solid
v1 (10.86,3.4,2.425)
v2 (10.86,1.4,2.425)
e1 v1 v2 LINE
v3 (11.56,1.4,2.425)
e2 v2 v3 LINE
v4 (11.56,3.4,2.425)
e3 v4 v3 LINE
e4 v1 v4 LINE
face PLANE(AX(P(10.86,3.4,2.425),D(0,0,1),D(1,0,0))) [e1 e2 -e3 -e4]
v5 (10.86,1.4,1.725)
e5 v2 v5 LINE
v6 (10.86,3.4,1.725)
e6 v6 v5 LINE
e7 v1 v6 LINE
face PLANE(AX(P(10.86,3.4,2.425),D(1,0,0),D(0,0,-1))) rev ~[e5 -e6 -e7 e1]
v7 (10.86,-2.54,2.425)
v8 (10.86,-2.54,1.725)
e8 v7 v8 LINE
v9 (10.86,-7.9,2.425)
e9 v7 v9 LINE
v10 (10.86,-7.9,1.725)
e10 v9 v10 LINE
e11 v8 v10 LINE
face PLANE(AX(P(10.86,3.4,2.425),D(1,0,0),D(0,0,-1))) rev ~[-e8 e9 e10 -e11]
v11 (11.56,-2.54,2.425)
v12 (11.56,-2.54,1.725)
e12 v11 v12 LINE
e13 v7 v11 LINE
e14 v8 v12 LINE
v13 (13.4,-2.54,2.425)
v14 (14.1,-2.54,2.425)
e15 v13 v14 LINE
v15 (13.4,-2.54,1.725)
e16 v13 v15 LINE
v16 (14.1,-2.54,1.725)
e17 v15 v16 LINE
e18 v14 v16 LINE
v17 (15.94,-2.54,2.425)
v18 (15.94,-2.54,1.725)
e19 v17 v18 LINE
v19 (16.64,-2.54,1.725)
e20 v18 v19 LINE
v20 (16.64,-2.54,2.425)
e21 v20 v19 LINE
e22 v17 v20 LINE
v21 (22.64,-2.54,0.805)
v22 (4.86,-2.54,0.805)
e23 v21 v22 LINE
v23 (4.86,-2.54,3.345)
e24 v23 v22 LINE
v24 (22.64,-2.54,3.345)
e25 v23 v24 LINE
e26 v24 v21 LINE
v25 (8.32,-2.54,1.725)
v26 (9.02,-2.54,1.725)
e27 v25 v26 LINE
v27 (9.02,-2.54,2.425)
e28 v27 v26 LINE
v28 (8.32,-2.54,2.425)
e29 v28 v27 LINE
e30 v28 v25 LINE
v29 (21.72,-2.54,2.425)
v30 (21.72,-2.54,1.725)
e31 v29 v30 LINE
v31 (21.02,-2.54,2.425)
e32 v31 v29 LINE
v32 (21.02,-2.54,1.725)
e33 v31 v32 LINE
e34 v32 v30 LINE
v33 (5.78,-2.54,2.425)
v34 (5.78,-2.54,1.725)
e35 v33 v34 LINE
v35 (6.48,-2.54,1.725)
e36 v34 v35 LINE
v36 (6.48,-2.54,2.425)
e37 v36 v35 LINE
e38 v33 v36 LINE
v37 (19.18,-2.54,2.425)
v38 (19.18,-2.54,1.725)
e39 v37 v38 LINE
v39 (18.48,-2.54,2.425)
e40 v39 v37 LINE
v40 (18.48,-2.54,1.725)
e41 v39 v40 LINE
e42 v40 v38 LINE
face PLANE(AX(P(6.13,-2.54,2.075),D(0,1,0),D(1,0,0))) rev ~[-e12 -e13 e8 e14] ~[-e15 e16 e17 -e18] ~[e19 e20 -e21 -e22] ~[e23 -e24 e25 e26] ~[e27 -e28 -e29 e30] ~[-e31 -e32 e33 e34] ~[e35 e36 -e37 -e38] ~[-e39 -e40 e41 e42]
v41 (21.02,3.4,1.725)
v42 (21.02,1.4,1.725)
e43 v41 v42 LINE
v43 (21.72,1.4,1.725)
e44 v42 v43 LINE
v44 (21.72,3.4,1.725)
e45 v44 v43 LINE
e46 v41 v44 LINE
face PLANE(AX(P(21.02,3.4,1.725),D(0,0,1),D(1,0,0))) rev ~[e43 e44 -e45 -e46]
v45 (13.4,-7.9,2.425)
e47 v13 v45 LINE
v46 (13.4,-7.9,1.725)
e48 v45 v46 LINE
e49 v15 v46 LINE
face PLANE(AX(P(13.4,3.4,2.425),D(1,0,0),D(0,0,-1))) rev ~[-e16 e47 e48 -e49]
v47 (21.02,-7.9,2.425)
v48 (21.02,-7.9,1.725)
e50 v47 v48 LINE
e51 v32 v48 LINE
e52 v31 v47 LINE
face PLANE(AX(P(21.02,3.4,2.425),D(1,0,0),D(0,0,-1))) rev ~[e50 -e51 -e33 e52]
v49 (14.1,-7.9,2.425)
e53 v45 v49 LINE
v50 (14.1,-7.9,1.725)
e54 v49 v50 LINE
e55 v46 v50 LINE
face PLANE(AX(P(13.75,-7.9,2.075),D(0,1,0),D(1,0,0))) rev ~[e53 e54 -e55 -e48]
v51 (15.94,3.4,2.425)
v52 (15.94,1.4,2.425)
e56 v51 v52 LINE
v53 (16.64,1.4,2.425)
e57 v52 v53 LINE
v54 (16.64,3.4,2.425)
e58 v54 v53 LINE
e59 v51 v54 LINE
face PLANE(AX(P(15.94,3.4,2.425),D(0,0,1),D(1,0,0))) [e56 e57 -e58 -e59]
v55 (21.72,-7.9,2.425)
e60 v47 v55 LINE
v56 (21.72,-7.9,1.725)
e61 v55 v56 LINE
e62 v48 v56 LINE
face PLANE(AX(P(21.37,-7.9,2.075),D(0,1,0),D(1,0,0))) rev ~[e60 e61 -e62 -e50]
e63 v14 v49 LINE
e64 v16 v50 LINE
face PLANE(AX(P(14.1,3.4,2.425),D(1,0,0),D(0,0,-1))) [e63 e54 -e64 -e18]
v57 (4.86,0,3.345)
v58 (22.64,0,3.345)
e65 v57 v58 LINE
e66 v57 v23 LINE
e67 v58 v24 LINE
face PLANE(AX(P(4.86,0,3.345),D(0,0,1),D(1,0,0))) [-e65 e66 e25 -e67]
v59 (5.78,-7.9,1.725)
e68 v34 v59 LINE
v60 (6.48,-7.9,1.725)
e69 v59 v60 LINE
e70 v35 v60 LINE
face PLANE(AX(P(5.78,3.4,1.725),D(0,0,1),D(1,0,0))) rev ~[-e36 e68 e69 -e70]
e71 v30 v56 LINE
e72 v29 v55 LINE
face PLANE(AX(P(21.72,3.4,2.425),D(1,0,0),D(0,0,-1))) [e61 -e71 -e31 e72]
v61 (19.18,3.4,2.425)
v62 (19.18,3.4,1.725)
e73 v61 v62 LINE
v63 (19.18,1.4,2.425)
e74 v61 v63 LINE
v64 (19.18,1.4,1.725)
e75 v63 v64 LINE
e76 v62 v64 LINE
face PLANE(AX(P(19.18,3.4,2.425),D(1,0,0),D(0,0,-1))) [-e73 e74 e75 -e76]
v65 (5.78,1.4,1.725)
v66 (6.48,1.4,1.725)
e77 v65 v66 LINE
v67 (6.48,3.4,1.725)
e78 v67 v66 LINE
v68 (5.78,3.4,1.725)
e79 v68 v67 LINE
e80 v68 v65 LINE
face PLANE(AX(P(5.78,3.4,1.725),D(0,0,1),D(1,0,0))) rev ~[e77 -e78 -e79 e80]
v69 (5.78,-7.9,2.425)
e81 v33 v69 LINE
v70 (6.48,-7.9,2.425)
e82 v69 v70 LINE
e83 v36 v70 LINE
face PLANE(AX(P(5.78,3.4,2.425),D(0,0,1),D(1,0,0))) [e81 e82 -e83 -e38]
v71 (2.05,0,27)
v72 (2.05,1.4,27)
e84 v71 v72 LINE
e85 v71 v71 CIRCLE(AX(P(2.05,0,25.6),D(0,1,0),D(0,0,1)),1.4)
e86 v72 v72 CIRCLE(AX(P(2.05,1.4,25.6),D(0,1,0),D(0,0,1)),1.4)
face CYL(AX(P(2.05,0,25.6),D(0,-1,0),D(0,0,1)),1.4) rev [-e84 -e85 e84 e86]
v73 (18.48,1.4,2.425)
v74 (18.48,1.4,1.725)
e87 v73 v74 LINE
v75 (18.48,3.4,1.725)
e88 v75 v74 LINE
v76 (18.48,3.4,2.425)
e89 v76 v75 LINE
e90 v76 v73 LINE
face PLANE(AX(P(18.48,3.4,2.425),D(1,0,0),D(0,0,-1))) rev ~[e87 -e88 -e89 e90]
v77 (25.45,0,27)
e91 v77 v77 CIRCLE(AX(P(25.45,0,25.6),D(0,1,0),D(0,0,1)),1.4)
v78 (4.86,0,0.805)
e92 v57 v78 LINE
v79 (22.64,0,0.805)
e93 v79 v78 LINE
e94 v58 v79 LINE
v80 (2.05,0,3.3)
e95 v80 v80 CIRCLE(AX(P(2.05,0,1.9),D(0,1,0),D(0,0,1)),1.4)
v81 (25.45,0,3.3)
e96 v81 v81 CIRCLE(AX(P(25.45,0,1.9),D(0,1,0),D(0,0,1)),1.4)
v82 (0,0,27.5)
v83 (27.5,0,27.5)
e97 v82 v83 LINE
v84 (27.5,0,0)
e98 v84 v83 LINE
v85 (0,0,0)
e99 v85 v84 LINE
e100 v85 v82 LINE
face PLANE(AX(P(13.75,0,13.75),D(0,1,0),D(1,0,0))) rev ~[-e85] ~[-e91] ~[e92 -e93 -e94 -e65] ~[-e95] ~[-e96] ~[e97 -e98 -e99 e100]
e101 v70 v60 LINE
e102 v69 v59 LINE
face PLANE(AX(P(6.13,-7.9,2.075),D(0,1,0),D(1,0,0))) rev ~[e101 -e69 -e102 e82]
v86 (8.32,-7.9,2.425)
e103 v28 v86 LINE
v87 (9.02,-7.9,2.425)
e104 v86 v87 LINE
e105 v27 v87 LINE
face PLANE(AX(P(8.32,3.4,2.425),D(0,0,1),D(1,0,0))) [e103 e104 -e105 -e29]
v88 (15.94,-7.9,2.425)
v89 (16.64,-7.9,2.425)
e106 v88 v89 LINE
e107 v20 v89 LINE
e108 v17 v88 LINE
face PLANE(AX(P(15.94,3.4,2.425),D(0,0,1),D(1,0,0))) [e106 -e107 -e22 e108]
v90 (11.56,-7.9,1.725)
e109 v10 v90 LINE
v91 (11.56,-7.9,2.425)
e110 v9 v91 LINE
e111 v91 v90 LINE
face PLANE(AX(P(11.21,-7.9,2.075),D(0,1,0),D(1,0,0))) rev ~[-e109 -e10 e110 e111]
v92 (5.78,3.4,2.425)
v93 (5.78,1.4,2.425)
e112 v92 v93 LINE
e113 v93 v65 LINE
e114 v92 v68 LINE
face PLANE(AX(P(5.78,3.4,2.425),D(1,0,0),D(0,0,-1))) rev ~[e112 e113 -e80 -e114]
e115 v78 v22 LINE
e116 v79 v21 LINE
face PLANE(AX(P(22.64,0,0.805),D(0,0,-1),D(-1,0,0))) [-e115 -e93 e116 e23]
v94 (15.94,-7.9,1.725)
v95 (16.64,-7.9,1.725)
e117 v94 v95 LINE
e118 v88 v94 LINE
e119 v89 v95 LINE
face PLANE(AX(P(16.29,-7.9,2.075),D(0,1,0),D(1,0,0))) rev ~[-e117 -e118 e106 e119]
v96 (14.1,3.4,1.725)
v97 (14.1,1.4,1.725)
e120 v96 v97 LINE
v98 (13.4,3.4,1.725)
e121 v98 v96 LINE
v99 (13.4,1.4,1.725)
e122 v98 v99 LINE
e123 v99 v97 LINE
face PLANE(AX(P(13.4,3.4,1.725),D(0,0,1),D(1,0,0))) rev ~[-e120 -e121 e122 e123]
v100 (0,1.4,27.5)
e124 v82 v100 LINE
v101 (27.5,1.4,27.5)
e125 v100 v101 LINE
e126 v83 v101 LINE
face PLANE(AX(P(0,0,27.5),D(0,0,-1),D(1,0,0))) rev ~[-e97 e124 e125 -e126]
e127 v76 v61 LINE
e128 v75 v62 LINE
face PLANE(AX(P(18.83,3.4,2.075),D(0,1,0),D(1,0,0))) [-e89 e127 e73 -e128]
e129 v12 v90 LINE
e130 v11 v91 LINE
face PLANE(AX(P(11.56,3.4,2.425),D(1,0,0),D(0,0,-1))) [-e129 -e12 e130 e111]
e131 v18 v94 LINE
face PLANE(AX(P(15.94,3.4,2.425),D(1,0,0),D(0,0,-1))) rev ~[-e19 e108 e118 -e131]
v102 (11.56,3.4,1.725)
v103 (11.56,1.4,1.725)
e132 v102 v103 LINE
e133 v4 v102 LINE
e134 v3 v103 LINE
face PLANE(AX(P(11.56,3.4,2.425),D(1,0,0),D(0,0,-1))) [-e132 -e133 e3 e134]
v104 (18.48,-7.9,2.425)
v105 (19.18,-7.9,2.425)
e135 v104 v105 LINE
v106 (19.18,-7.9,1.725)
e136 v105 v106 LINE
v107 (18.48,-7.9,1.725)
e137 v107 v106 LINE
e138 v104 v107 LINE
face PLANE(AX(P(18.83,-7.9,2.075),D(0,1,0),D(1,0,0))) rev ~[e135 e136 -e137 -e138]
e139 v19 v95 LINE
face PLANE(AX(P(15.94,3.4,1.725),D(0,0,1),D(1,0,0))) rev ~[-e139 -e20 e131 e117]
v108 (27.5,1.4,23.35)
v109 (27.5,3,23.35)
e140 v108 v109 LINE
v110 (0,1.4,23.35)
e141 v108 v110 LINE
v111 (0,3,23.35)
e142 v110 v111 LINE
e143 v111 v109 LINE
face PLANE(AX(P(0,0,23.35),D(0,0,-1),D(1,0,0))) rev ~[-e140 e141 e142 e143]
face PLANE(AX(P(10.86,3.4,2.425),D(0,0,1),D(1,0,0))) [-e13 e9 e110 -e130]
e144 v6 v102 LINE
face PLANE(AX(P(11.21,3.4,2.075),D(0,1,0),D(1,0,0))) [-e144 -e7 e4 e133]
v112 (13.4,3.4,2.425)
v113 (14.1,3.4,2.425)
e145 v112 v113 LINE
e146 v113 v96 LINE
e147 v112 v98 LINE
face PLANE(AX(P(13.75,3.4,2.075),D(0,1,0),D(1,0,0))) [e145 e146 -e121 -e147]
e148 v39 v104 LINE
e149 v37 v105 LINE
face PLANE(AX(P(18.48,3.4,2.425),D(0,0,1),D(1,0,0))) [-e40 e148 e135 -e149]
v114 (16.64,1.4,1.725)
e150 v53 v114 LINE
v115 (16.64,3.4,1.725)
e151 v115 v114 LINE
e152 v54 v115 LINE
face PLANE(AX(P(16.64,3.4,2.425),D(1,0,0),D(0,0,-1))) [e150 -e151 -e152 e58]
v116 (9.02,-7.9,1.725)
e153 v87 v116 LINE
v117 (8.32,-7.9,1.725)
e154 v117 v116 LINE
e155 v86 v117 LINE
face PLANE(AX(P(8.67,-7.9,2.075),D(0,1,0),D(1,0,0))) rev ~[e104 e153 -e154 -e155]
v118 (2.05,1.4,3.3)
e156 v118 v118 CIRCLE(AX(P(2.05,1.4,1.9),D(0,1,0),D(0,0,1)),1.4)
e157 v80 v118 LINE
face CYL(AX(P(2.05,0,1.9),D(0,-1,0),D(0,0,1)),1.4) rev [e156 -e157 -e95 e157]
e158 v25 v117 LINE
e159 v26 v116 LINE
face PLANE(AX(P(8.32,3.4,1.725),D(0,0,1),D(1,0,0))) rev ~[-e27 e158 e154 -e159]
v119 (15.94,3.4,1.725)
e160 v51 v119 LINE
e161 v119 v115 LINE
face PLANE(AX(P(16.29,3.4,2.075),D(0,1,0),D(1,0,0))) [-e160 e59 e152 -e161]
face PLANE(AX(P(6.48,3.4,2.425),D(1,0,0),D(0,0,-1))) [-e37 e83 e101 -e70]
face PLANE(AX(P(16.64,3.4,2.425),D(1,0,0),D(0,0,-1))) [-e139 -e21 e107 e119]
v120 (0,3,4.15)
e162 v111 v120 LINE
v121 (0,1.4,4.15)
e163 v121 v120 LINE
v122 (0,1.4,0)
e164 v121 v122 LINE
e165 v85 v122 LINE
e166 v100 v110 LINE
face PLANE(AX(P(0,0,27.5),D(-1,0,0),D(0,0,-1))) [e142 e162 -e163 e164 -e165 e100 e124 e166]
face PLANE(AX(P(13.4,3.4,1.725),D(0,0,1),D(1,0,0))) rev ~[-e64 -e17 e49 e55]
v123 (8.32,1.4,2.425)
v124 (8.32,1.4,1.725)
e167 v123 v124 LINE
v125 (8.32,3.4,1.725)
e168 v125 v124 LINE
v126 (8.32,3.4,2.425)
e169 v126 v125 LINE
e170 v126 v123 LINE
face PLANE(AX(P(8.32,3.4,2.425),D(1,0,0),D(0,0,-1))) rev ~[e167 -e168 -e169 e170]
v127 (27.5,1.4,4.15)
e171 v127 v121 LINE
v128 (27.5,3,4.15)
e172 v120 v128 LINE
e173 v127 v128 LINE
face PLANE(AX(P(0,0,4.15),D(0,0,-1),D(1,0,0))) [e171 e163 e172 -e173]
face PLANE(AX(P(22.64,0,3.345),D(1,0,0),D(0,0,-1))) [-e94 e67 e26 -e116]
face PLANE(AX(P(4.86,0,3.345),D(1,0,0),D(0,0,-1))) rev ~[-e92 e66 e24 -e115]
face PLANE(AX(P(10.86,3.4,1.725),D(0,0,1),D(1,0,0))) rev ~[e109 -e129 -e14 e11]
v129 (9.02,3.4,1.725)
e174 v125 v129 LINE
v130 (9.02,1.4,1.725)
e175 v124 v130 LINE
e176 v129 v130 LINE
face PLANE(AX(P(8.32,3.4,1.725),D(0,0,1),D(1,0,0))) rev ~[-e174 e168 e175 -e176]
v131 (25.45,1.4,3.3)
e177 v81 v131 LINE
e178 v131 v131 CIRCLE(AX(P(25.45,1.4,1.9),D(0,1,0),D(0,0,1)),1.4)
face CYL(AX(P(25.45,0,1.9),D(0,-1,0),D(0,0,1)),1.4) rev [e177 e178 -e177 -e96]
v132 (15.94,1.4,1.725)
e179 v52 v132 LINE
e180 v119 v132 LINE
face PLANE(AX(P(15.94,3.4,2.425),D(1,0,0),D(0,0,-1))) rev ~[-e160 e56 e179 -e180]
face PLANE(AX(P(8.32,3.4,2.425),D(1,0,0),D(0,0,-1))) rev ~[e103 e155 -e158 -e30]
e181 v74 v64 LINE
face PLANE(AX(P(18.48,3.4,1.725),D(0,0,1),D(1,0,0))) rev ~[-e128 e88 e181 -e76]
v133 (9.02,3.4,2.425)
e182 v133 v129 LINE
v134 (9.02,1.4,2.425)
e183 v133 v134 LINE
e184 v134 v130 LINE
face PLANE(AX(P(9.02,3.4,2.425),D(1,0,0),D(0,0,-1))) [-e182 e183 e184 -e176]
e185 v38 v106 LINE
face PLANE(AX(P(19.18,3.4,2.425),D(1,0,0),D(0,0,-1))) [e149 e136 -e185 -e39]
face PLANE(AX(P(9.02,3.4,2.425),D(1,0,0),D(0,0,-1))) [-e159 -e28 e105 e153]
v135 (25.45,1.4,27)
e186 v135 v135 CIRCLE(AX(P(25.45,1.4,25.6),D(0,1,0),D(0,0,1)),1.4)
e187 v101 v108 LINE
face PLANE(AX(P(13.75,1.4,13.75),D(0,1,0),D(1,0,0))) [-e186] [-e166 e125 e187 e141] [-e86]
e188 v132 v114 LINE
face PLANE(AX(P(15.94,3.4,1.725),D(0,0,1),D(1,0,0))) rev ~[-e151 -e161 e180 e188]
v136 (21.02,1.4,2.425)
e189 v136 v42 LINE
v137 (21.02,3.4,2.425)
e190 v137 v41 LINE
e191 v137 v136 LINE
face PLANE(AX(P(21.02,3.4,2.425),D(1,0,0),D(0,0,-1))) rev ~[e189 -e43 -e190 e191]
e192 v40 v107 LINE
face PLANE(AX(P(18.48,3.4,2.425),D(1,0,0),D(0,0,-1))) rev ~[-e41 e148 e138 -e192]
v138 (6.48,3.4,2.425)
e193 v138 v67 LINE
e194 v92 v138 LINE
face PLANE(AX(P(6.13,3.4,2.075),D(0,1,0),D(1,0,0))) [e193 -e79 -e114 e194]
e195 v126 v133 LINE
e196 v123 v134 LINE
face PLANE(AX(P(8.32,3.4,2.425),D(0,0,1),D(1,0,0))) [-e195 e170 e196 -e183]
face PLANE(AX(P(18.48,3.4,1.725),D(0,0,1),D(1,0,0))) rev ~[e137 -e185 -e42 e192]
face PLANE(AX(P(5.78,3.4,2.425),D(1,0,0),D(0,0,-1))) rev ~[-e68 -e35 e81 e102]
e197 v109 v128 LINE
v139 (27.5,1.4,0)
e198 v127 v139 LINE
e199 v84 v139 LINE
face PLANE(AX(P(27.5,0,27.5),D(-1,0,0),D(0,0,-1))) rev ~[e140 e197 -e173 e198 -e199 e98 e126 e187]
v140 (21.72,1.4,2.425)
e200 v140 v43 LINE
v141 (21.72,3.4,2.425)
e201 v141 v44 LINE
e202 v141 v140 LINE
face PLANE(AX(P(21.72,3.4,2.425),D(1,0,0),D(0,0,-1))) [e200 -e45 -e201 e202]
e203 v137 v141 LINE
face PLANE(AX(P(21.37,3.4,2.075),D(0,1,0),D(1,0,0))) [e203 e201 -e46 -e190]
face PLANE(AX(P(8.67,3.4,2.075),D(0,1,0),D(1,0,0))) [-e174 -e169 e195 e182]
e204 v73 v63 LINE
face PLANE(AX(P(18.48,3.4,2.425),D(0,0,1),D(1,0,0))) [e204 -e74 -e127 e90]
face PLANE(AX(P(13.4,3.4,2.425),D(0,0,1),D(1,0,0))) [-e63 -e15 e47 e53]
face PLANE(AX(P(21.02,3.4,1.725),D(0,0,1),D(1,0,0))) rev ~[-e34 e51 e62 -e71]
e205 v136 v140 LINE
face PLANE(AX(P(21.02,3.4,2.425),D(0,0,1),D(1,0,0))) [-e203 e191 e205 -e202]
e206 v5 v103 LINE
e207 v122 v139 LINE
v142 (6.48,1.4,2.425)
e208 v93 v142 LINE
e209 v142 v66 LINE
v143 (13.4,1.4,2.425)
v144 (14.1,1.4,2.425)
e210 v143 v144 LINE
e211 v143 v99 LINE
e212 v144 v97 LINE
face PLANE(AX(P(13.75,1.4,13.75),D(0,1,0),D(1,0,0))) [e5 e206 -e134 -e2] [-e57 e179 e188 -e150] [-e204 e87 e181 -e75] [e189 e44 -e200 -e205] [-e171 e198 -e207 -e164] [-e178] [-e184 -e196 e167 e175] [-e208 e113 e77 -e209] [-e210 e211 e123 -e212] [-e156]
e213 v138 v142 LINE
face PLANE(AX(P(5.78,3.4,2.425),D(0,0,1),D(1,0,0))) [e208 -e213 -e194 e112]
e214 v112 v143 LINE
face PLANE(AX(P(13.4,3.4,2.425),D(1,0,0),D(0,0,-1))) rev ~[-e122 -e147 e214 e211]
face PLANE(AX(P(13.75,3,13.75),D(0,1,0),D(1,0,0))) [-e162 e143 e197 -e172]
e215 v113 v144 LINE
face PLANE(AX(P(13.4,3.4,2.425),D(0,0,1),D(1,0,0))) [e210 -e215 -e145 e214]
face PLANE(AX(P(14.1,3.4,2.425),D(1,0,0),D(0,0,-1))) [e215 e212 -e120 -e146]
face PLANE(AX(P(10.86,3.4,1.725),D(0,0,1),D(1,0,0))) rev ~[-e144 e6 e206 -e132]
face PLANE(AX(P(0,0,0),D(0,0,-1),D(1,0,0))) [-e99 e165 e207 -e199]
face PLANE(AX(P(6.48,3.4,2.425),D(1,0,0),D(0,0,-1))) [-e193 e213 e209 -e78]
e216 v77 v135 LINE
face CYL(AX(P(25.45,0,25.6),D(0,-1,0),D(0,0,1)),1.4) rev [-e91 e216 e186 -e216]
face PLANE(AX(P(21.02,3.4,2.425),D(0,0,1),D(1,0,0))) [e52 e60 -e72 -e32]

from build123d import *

# Parameters (mm, degrees)
SKETCH_1_W      = 27.5
SKETCH_1_H      = 27.5
SKETCH_1_R      = 1.4
EXTRUDE_1_DEPTH = 1.4
SKETCH_1_3_W    = 27.5
SKETCH_1_3_H    = 19.2
EXTRUDE_2_DEPTH = 3
SKETCH_1_4_W    = 2.54
SKETCH_1_4_H    = 2.54
EXTRUDE_3_DEPTH = 2.54
EXTRUDE_START   = 3.4
SKETCH_1_5_W    = 0.7
SKETCH_1_5_H    = 0.7
EXTRUDE_4_DEPTH = 11.3


with BuildPart() as part:
    # 草图1 → 凸台-拉伸1 (new body)
    with BuildSketch(Plane(origin=(0, 0, 0), x_dir=(1, 0, 0), z_dir=(0, 1, 0))):
        with Locations((13.75, -13.75)):
            Rectangle(SKETCH_1_W, SKETCH_1_H)
        with Locations((2.05, -1.9)):
            Circle(SKETCH_1_R, mode=Mode.SUBTRACT)
        with Locations((25.45, -1.9)):
            Circle(SKETCH_1_R, mode=Mode.SUBTRACT)
        with Locations((2.05, -25.6)):
            Circle(SKETCH_1_R, mode=Mode.SUBTRACT)
        with Locations((25.45, -25.6)):
            Circle(SKETCH_1_R, mode=Mode.SUBTRACT)
    extrude(amount=EXTRUDE_1_DEPTH)

    # 草图1<3> → 凸台-拉伸2 (add)
    with BuildSketch(Plane(origin=(0, 0, 0), x_dir=(1, 0, 0), z_dir=(0, 1, 0))):
        with Locations((13.75, -13.75)):
            Rectangle(SKETCH_1_3_W, SKETCH_1_3_H)
    extrude(amount=EXTRUDE_2_DEPTH)

    # 草图1<4> → 凸台-拉伸3 (add)
    with BuildSketch(Plane(origin=(0, 0, 0), x_dir=(1, 0, 0), z_dir=(0, 1, 0))):
        with Locations((6.13, -2.075)):
            Rectangle(SKETCH_1_4_W, SKETCH_1_4_H)
        with Locations((8.67, -2.075)):
            Rectangle(SKETCH_1_4_W, SKETCH_1_4_H)
        with Locations((11.21, -2.075)):
            Rectangle(SKETCH_1_4_W, SKETCH_1_4_H)
        with Locations((13.75, -2.075)):
            Rectangle(SKETCH_1_4_W, SKETCH_1_4_H)
        with Locations((16.29, -2.075)):
            Rectangle(SKETCH_1_4_W, SKETCH_1_4_H)
        with Locations((18.83, -2.075)):
            Rectangle(SKETCH_1_4_W, SKETCH_1_4_H)
        with Locations((21.37, -2.075)):
            Rectangle(SKETCH_1_4_W, SKETCH_1_4_H)
    extrude(amount=-EXTRUDE_3_DEPTH)

    # 草图1<5> → 凸台-拉伸4 (add)
    with BuildSketch(Plane(origin=(0, 0, 0), x_dir=(1, 0, 0), z_dir=(0, 1, 0)).offset(EXTRUDE_START)):
        with Locations((6.13, -2.075)):
            Rectangle(SKETCH_1_5_W, SKETCH_1_5_H)
        with Locations((8.67, -2.075)):
            Rectangle(SKETCH_1_5_W, SKETCH_1_5_H)
        with Locations((11.21, -2.075)):
            Rectangle(SKETCH_1_5_W, SKETCH_1_5_H)
        with Locations((13.75, -2.075)):
            Rectangle(SKETCH_1_5_W, SKETCH_1_5_H)
        with Locations((16.29, -2.075)):
            Rectangle(SKETCH_1_5_W, SKETCH_1_5_H)
        with Locations((18.83, -2.075)):
            Rectangle(SKETCH_1_5_W, SKETCH_1_5_H)
        with Locations((21.37, -2.075)):
            Rectangle(SKETCH_1_5_W, SKETCH_1_5_H)
    extrude(amount=-EXTRUDE_4_DEPTH)


solid = part.part
